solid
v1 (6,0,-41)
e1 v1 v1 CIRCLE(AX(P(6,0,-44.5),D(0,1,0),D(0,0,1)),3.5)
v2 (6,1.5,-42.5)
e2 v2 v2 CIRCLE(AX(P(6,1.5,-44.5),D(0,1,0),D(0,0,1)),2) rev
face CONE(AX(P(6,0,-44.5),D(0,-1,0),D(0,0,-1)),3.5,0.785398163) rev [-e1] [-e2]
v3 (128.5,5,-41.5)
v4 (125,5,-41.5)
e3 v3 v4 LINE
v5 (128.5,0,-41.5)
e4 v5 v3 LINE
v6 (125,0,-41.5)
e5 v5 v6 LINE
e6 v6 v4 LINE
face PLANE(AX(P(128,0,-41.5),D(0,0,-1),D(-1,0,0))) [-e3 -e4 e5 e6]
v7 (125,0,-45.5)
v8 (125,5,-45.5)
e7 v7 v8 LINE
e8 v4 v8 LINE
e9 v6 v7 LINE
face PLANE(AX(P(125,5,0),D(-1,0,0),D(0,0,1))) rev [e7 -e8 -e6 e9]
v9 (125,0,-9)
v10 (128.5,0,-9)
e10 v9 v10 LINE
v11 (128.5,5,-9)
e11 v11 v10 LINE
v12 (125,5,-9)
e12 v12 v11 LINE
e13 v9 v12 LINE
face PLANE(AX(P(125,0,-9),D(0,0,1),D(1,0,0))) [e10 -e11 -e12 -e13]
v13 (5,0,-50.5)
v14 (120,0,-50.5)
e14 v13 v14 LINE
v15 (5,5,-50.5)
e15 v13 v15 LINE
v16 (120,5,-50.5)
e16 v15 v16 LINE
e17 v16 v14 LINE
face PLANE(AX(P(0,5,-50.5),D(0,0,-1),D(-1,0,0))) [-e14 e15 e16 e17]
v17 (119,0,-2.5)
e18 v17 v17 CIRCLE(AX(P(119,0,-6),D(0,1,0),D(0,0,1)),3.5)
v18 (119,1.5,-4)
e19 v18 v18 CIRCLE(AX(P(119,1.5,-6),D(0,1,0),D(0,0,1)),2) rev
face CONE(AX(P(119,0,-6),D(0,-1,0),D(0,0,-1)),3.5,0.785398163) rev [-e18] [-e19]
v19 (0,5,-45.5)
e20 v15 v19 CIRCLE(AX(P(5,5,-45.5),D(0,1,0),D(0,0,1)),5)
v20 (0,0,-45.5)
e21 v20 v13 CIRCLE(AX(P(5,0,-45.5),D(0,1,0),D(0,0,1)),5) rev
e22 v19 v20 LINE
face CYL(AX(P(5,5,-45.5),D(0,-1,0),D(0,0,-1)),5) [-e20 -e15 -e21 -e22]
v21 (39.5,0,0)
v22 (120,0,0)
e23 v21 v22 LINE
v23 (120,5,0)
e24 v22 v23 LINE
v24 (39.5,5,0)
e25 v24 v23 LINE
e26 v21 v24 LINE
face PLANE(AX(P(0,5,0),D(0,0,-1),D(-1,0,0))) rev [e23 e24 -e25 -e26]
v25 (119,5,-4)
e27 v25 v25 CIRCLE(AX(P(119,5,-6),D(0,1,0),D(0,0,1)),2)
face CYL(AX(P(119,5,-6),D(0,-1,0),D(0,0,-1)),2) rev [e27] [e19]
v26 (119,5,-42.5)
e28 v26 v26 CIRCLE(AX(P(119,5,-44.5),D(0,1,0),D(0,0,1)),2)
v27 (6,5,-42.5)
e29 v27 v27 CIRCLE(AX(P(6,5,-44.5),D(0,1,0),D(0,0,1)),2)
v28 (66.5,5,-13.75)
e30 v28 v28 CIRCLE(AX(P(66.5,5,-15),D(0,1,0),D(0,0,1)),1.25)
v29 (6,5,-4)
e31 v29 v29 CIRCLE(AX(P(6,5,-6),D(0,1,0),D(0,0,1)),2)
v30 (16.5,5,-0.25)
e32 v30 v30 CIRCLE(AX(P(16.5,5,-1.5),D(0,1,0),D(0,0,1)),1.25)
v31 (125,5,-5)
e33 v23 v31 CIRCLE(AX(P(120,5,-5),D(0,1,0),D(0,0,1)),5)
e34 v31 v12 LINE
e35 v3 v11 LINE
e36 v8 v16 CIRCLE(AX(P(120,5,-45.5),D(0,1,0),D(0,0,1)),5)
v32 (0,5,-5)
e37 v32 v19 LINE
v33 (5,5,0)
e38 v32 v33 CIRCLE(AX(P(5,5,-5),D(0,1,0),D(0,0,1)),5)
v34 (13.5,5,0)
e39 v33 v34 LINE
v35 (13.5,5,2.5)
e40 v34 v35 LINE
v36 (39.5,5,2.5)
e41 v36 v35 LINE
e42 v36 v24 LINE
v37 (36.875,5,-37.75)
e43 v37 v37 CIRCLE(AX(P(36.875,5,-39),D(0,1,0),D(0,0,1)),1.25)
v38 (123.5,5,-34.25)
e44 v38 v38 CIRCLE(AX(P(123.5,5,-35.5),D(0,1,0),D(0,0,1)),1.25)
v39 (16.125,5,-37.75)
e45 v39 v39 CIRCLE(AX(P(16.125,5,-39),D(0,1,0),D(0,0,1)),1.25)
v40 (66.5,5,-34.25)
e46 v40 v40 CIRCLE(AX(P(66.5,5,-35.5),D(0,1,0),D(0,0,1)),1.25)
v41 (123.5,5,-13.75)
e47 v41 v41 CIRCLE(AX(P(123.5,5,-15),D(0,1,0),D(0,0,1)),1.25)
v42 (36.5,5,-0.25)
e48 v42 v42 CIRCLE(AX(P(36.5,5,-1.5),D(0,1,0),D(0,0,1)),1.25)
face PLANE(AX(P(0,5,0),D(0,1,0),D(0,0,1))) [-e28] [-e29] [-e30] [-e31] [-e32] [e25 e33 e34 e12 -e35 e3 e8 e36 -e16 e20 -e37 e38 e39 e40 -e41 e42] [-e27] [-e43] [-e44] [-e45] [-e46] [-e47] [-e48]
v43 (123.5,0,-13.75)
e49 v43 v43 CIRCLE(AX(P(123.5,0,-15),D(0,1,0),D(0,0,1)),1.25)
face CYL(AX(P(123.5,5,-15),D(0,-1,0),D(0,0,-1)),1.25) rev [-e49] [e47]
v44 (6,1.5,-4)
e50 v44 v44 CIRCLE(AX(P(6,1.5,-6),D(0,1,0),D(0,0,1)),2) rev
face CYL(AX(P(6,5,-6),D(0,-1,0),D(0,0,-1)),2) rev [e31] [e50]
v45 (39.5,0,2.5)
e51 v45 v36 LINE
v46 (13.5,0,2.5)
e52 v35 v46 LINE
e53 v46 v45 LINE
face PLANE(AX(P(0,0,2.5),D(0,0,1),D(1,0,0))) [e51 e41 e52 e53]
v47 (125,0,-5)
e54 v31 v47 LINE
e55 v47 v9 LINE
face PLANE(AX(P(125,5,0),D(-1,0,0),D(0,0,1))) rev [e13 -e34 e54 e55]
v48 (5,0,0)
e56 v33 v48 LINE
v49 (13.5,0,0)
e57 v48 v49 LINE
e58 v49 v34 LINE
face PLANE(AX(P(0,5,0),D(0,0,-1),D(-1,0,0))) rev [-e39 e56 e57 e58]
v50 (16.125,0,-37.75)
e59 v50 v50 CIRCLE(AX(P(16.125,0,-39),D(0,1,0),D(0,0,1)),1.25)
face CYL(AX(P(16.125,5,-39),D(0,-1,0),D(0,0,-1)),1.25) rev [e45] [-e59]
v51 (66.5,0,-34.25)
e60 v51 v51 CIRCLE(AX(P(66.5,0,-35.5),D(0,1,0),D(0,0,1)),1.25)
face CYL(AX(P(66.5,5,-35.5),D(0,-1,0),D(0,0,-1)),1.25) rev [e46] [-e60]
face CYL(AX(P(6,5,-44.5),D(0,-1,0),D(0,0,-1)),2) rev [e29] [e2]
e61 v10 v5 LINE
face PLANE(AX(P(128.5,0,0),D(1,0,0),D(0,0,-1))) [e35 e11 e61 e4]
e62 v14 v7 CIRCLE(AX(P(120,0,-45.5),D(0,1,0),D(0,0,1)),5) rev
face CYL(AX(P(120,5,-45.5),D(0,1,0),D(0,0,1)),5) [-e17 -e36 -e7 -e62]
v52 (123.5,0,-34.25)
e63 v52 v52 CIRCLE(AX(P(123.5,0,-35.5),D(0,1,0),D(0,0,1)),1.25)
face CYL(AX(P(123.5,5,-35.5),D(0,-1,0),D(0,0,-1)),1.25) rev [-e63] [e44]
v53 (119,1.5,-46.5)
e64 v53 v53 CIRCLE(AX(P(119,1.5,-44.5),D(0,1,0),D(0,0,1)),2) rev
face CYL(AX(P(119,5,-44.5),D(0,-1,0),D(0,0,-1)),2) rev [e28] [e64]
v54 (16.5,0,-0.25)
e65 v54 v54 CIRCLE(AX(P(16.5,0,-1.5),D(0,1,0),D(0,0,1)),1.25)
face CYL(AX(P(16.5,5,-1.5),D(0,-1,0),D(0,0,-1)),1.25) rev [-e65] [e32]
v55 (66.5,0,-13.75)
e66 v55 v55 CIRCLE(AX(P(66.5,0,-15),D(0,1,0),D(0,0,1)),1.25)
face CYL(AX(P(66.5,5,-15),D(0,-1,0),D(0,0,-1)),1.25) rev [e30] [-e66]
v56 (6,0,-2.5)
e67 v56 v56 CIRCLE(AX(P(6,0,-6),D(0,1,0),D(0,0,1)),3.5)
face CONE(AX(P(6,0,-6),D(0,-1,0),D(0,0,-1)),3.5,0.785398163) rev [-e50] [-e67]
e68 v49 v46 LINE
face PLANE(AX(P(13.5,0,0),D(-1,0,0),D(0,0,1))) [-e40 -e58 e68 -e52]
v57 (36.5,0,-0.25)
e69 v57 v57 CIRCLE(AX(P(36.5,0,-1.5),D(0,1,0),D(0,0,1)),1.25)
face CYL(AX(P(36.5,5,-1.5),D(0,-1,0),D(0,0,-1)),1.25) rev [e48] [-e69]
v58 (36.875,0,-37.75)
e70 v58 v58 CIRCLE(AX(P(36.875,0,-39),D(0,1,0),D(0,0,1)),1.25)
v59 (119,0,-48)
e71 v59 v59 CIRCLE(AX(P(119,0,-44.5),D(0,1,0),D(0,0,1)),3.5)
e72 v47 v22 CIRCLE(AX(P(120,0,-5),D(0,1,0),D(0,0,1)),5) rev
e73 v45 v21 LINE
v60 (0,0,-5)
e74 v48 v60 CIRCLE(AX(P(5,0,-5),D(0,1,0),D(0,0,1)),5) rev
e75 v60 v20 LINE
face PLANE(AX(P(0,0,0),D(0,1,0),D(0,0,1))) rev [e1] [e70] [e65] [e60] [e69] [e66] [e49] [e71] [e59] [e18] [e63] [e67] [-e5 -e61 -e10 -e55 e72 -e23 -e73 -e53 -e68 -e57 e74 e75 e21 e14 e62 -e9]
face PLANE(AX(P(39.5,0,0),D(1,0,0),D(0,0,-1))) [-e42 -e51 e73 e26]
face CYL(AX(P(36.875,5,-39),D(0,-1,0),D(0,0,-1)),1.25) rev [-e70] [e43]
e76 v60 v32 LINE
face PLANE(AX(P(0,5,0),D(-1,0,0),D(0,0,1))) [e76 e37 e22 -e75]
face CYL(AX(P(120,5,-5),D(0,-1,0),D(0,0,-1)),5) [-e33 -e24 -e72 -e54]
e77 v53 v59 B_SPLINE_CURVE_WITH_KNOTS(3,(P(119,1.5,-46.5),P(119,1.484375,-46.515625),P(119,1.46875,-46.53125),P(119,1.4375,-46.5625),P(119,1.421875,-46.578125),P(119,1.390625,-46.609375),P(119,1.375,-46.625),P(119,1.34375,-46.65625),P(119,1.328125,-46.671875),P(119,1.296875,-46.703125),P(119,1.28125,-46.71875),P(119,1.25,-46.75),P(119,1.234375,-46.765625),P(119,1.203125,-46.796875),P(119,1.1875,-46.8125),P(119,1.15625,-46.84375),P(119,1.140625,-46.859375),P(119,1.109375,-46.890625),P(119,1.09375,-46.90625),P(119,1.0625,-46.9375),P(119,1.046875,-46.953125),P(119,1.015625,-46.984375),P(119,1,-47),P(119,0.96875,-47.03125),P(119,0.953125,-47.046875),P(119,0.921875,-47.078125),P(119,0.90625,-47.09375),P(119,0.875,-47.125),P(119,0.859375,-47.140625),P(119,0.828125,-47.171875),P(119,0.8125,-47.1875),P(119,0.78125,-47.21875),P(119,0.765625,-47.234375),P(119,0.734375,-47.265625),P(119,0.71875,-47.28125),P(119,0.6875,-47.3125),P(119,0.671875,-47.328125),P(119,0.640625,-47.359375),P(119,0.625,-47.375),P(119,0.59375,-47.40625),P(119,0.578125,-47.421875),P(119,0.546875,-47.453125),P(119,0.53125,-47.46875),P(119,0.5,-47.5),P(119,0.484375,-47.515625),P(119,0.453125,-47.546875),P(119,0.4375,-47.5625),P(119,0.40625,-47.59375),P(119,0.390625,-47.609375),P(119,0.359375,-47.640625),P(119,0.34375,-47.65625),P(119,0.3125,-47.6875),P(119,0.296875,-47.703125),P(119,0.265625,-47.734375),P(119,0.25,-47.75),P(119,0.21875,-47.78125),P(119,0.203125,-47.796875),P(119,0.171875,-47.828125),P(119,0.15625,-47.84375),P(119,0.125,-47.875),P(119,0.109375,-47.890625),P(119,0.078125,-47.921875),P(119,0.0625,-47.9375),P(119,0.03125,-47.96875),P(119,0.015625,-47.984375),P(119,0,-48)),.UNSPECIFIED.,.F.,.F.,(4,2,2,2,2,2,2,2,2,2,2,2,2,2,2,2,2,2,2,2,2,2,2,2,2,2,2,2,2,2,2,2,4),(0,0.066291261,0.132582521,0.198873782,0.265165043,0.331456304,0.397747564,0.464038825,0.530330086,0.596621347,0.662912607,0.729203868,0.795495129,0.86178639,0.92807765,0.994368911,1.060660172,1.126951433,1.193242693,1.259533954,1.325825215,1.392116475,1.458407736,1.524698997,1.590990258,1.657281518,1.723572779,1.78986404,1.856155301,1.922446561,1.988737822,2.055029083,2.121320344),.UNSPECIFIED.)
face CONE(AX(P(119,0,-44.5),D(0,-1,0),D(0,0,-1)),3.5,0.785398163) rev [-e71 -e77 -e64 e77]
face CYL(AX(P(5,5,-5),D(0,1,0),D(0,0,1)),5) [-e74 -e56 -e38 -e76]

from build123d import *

# Parameters (mm, degrees)
SKETCH1_W           = 125
SKETCH1_H           = 50.5
SKETCH1_R           = 1.25
SKETCH1_R_2         = 2
BOSS_EXTRUDE1_DEPTH = 5
FILLET1_R           = 5
CHAMFER1_SIZE       = 1.5
SKETCH3_W           = 3
SKETCH3_H           = 32.5
SKETCH3_W_2         = 26
SKETCH3_H_2         = 3
BOSS_EXTRUDE2_DEPTH = 5
SKETCH5_W           = 26
SKETCH5_H           = 5
CUT_EXTRUDE1_DEPTH  = 0.5
SKETCH6_W           = 32.5
SKETCH6_H           = 5
BOSS_EXTRUDE4_DEPTH = 0.5


with BuildPart() as part:
    # Sketch1 → Boss-Extrude1 (new body)
    with BuildSketch(Plane(origin=(0, 0, 0), x_dir=(1, 0, 0), z_dir=(0, 1, 0))):
        with Locations((62.5, 25.25)):
            Rectangle(SKETCH1_W, SKETCH1_H)
        with Locations(Location((16.5, 1.5, 0), (0, 0, 270))):
            Circle(SKETCH1_R, mode=Mode.SUBTRACT)
        with Locations(Location((6, 6, 0), (0, 0, 270))):
            Circle(SKETCH1_R_2, mode=Mode.SUBTRACT)
        with Locations(Location((36.5, 1.5, 0), (0, 0, 270))):
            Circle(SKETCH1_R, mode=Mode.SUBTRACT)
        with Locations(Location((119, 6, 0), (0, 0, 270))):
            Circle(SKETCH1_R_2, mode=Mode.SUBTRACT)
        with Locations(Location((16.125, 39, 0), (0, 0, 270))):
            Circle(SKETCH1_R, mode=Mode.SUBTRACT)
        with Locations(Location((6, 44.5, 0), (0, 0, 270))):
            Circle(SKETCH1_R_2, mode=Mode.SUBTRACT)
        with Locations(Location((36.875, 39, 0), (0, 0, 270))):
            Circle(SKETCH1_R, mode=Mode.SUBTRACT)
        with Locations(Location((66.5, 35.5, 0), (0, 0, 270))):
            Circle(SKETCH1_R, mode=Mode.SUBTRACT)
        with Locations(Location((123.5, 35.5, 0), (0, 0, 270))):
            Circle(SKETCH1_R, mode=Mode.SUBTRACT)
        with Locations(Location((66.5, 15, 0), (0, 0, 270))):
            Circle(SKETCH1_R, mode=Mode.SUBTRACT)
        with Locations(Location((123.5, 15, 0), (0, 0, 270))):
            Circle(SKETCH1_R, mode=Mode.SUBTRACT)
        with Locations(Location((119, 44.5, 0), (0, 0, 270))):
            Circle(SKETCH1_R_2, mode=Mode.SUBTRACT)
    extrude(amount=BOSS_EXTRUDE1_DEPTH)

    # Fillet1
    fillet1_edges = [part.edges().sort_by_distance(p)[0] for p in [
        (125, 2.5, 0),
        (0, 2.5, 0),
        (0, 2.5, -50.5),
        (125, 2.5, -50.5),
    ]]
    fillet(fillet1_edges, radius=FILLET1_R)

    # Chamfer1
    chamfer1_edges = [part.edges().sort_by_distance(p)[0] for p in [
        (119, 0, -8),
        (6, 0, -8),
        (6, 0, -46.5),
        (119, 0, -46.5),
    ]]
    chamfer(chamfer1_edges, length=CHAMFER1_SIZE)

    # Sketch3 → Boss-Extrude2 (add)
    with BuildSketch(Plane(origin=(0, 5, 0), x_dir=(1, 0, 0), z_dir=(0, 1, 0))):
        with Locations((126.5, 25.25)):
            Rectangle(SKETCH3_W, SKETCH3_H)
        with Locations((26.5, -1.5)):
            Rectangle(SKETCH3_W_2, SKETCH3_H_2)
    extrude(amount=-BOSS_EXTRUDE2_DEPTH)

    # Sketch5 → Cut-Extrude1 (cut)
    with BuildSketch(Plane.XY.offset(3)):
        with Locations((26.5, 2.5)):
            Rectangle(SKETCH5_W, SKETCH5_H)
    extrude(amount=-CUT_EXTRUDE1_DEPTH, mode=Mode.SUBTRACT)

    # Sketch6 → Boss-Extrude4 (add)
    with BuildSketch(Plane(origin=(128, 0, 0), x_dir=(0, 0, -1), z_dir=(1, 0, 0))):
        with Locations((25.25, 2.5)):
            Rectangle(SKETCH6_W, SKETCH6_H)
    extrude(amount=BOSS_EXTRUDE4_DEPTH)


solid = part.part
